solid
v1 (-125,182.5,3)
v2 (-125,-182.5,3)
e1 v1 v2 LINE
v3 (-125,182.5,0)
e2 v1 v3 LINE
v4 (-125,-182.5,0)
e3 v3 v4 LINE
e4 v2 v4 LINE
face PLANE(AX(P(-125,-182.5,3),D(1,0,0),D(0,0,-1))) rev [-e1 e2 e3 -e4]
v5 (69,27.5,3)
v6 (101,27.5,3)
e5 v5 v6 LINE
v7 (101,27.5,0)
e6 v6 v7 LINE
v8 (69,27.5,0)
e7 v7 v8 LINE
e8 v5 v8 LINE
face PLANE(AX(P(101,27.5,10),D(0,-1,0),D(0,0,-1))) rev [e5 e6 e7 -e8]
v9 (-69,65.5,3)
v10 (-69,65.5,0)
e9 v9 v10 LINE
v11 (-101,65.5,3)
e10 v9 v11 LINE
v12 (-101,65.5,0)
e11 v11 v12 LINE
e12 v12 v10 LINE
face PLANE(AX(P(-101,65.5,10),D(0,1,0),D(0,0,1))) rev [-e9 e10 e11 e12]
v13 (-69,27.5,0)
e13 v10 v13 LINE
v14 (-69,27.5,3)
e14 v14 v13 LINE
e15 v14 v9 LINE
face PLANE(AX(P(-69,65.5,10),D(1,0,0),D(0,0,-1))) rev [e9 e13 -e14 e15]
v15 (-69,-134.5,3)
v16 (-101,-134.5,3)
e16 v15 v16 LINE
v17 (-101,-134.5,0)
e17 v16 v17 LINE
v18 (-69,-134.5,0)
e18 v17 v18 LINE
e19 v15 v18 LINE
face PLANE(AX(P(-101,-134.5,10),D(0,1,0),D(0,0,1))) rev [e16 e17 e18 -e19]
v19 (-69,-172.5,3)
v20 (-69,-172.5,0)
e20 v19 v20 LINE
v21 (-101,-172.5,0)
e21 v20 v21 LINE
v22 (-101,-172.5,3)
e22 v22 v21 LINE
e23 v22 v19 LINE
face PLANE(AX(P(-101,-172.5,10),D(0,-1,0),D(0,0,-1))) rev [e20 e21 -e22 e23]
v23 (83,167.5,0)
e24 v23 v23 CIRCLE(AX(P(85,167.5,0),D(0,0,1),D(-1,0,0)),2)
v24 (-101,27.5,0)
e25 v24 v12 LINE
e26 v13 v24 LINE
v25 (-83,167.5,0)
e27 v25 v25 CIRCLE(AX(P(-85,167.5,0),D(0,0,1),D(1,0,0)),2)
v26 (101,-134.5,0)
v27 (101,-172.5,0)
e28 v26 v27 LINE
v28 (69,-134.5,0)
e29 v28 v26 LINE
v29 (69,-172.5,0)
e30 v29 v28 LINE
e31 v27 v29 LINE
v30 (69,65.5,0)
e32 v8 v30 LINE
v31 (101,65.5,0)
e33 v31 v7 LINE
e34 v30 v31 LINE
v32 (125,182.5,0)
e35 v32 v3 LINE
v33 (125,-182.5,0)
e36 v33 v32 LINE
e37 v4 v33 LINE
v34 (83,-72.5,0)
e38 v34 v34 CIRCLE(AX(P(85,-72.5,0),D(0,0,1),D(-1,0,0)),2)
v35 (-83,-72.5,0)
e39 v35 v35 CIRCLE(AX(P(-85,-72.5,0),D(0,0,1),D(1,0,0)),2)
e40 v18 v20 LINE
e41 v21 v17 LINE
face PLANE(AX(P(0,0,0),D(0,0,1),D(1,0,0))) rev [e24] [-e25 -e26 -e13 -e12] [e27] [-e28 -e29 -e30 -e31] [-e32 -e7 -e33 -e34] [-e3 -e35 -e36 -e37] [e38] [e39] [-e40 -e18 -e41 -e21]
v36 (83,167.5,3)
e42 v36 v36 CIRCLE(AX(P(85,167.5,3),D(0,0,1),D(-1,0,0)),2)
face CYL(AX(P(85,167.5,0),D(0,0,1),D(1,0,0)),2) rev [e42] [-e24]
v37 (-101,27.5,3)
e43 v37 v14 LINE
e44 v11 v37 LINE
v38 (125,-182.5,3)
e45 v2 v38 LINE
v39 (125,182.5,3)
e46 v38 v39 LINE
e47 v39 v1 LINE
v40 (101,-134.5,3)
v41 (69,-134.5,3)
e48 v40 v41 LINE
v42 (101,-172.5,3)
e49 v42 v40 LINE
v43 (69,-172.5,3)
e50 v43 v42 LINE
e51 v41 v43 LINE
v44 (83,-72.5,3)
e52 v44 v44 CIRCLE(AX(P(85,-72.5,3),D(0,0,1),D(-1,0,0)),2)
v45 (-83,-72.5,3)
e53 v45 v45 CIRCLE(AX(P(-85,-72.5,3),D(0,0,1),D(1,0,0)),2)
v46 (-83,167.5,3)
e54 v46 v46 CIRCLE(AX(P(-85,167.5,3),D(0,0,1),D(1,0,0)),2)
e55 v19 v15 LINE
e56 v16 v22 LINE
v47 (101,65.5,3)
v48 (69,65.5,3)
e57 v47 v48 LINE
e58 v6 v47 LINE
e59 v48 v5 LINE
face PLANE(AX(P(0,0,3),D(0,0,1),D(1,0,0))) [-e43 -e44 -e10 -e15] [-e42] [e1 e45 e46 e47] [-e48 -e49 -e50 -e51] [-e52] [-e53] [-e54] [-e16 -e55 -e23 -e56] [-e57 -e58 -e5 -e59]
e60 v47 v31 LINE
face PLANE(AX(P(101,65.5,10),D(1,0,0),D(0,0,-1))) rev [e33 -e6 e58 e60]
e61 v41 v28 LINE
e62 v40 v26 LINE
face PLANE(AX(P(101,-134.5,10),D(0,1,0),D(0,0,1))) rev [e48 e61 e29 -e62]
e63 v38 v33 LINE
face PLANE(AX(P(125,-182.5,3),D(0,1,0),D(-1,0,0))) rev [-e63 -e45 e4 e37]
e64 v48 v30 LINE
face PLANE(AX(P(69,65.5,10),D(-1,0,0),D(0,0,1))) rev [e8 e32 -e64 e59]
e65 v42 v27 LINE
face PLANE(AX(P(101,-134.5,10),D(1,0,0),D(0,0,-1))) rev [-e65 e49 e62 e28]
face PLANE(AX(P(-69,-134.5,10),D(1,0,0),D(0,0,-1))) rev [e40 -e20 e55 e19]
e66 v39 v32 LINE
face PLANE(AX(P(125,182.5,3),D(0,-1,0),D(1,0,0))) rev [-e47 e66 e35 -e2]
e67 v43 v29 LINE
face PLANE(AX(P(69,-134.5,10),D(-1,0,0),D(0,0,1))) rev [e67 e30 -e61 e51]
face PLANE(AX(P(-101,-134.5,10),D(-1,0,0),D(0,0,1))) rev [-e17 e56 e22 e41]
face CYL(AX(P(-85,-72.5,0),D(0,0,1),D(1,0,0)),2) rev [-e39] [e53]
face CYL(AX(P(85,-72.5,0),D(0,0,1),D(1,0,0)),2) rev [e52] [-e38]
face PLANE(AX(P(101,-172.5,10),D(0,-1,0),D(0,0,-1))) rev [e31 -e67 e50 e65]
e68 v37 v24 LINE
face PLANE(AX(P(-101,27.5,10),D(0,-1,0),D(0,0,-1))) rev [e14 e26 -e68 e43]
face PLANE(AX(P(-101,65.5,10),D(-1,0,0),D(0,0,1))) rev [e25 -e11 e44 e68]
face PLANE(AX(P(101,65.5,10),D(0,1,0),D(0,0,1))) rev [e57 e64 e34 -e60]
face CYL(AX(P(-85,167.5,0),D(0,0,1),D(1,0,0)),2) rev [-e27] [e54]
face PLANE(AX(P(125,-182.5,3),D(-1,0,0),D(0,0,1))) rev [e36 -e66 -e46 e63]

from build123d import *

# Parameters (mm, degrees)
SKETCH1_W           = 250
SKETCH1_H           = 365
BOSS_EXTRUDE1_DEPTH = 3
SKETCH3_R           = 2
CUT_EXTRUDE2_DEPTH  = 3
SKETCH4_W           = 32
SKETCH4_H           = 38
CUT_EXTRUDE3_DEPTH  = 10


with BuildPart() as part:
    # Sketch1 → Boss-Extrude1 (new body)
    with BuildSketch(Plane.XY):
        Rectangle(SKETCH1_W, SKETCH1_H)
    extrude(amount=BOSS_EXTRUDE1_DEPTH)

    # Sketch3 → Cut-Extrude2 (cut)
    with BuildSketch(Plane.XY.offset(3)):
        with Locations((-85, 167.5)):
            Circle(SKETCH3_R)
        with Locations((-85, 47.5)):
            Circle(SKETCH3_R)
        with Locations((-85, -72.5)):
            Circle(SKETCH3_R)
        with Locations((-85, -192.5)):
            Circle(SKETCH3_R)
        with Locations((85, -192.5)):
            Circle(SKETCH3_R)
        with Locations(Location((85, -72.5, 0), (0, 0, 180))):
            Circle(SKETCH3_R)
        with Locations(Location((85, 47.5, 0), (0, 0, 180))):
            Circle(SKETCH3_R)
        with Locations(Location((85, 167.5, 0), (0, 0, 180))):
            Circle(SKETCH3_R)
    extrude(amount=-CUT_EXTRUDE2_DEPTH, mode=Mode.SUBTRACT)

    # Sketch4 → Cut-Extrude3 (cut)
    with BuildSketch(Plane(origin=(0, 0, 0), x_dir=(-1, 0, 0), z_dir=(0, 0, -1))):
        with Locations((-85, -153.5)):
            Rectangle(SKETCH4_W, SKETCH4_H)
        with Locations((85, -153.5)):
            Rectangle(SKETCH4_W, SKETCH4_H)
        with Locations((-85, 46.5)):
            Rectangle(SKETCH4_W, SKETCH4_H)
        with Locations((85, 46.5)):
            Rectangle(SKETCH4_W, SKETCH4_H)
    extrude(amount=-CUT_EXTRUDE3_DEPTH, mode=Mode.SUBTRACT)


solid = part.part
